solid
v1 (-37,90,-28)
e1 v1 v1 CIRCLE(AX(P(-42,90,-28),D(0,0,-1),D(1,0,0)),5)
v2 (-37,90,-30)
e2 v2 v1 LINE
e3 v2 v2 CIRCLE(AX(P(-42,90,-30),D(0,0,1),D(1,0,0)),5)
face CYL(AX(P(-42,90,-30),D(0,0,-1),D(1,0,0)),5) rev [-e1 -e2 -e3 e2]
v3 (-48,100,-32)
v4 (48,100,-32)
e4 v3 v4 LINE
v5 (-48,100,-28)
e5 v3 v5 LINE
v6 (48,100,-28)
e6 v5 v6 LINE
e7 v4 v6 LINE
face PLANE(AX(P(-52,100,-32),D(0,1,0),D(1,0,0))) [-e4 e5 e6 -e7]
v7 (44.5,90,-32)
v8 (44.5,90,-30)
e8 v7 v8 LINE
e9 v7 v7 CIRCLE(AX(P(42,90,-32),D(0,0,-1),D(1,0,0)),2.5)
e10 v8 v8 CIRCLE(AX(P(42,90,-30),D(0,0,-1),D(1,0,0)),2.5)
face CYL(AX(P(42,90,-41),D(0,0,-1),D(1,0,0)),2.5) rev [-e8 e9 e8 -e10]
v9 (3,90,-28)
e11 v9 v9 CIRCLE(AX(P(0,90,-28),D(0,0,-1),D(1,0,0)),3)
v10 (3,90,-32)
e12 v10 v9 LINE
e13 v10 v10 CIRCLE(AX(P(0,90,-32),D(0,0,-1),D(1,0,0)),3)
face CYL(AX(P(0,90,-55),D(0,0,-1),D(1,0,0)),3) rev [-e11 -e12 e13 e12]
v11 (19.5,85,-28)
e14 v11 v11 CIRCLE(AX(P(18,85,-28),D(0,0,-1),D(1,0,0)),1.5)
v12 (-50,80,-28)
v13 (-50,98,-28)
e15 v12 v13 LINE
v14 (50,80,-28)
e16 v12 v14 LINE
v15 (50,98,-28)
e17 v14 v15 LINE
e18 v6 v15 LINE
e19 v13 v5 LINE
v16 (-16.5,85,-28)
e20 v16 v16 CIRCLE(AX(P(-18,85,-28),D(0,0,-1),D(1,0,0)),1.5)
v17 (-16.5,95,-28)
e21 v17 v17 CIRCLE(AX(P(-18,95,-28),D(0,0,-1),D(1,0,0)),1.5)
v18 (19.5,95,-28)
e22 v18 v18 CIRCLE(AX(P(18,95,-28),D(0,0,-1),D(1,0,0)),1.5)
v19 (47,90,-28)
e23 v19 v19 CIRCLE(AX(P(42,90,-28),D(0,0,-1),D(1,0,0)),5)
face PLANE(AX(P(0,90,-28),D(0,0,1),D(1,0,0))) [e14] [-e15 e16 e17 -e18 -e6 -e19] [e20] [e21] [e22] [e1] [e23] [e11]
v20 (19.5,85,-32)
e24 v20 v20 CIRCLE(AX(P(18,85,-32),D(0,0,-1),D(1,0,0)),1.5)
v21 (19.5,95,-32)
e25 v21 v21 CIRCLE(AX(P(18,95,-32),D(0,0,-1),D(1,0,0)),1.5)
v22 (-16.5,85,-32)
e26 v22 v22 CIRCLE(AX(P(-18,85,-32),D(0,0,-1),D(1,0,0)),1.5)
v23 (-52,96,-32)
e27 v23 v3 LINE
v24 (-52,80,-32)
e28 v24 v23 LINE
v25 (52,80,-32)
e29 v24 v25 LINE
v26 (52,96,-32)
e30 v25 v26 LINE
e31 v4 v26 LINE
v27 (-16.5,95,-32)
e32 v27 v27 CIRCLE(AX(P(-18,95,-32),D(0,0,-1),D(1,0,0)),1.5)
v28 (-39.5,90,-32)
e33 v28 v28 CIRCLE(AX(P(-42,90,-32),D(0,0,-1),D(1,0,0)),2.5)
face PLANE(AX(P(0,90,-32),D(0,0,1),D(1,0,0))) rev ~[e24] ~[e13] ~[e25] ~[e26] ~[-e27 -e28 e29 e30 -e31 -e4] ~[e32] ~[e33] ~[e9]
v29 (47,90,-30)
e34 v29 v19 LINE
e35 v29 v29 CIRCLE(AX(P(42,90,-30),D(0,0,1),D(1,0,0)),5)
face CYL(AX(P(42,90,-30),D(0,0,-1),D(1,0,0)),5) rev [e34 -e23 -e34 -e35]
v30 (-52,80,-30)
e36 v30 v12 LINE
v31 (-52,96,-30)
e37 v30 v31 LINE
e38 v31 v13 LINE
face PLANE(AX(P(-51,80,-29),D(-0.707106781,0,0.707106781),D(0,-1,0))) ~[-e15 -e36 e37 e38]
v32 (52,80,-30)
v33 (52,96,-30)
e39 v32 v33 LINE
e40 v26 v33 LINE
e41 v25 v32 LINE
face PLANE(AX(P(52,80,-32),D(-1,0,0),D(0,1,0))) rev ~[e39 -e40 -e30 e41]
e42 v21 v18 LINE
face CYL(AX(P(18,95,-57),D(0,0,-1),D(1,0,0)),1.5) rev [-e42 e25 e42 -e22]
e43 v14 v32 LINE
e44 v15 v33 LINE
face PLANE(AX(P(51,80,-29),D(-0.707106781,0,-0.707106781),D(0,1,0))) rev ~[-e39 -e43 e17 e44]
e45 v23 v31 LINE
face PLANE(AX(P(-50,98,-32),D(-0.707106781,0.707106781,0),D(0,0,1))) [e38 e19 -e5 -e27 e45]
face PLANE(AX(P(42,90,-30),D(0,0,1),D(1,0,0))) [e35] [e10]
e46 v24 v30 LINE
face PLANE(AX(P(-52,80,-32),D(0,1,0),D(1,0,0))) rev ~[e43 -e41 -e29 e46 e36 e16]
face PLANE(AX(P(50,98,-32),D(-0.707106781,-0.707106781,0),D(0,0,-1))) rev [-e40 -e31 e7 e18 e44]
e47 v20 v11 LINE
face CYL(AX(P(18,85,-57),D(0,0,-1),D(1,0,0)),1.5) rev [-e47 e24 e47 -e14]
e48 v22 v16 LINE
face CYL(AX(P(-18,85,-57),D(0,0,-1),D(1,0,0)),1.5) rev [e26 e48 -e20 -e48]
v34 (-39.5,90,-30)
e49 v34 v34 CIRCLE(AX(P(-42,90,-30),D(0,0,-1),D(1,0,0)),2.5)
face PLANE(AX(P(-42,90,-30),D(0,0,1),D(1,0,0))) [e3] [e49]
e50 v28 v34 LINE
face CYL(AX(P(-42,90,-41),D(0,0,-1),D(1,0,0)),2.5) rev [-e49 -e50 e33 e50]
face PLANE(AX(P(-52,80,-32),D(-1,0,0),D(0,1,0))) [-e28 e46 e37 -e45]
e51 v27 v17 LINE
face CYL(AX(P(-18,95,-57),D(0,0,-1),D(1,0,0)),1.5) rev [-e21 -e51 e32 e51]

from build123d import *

# Parameters (mm, degrees)
CYLINDER1716_R     = 2.5
CYLINDER1716_DEPTH = 20
CYLINDER1717_R     = 2.5
CYLINDER1717_DEPTH = 20
CYLINDER1715_R     = 5
CYLINDER1715_DEPTH = 5
CYLINDER1718_R     = 5
CYLINDER1718_DEPTH = 5
CYLINDER1711_R     = 1.5
CYLINDER1711_DEPTH = 60
CYLINDER1712_R     = 1.5
CYLINDER1712_DEPTH = 60
CYLINDER1713_R     = 1.5
CYLINDER1713_DEPTH = 60
CYLINDER1714_R     = 1.5
CYLINDER1714_DEPTH = 60
CYLINDER1701_R     = 3
CYLINDER1701_DEPTH = 48
BOX659_W           = 104
BOX659_H           = 20
BOX659_DEPTH       = 4
CHAMFER057_SIZE    = 4
CHAMFER058_SIZE    = 2


with BuildPart() as v_lec1716:
    # Cylinder1716 → Cylinder1716 (new body)
    with BuildSketch(Plane(origin=(-42, 90, -59), x_dir=(1, 0, 0), z_dir=(0, 0, 1))):
        Circle(CYLINDER1716_R)
    extrude(amount=CYLINDER1716_DEPTH)


with BuildPart() as compound845:
    # Cylinder1717 → Cylinder1717 (new body)
    with BuildSketch(Plane(origin=(42, 90, -59), x_dir=(1, 0, 0), z_dir=(0, 0, 1))):
        Circle(CYLINDER1717_R)
    extrude(amount=CYLINDER1717_DEPTH)

    # Compound845: union Válec1716
    add(v_lec1716.part)


with BuildPart() as compound845_1:
    # Compound845 placement: moved
    add(compound845.part.moved(Location((0, 0, 18))))


with BuildPart() as v_lec1715:
    # Cylinder1715 → Cylinder1715 (new body)
    with BuildSketch(Plane(origin=(-42, 90, -59), x_dir=(1, 0, 0), z_dir=(0, 0, 1))):
        Circle(CYLINDER1715_R)
    extrude(amount=CYLINDER1715_DEPTH)


with BuildPart() as compound844:
    # Cylinder1718 → Cylinder1718 (new body)
    with BuildSketch(Plane(origin=(42, 90, -59), x_dir=(1, 0, 0), z_dir=(0, 0, 1))):
        Circle(CYLINDER1718_R)
    extrude(amount=CYLINDER1718_DEPTH)

    # Compound844: union Válec1715
    add(v_lec1715.part)


with BuildPart() as compound844_1:
    # Compound844 placement: moved
    add(compound844.part.moved(Location((0, 0, 29))))


with BuildPart() as v_lec1711:
    # Cylinder1711 → Cylinder1711 (new body)
    with BuildSketch(Plane(origin=(18, 85, -57), x_dir=(1, 0, 0), z_dir=(0, 0, 1))):
        Circle(CYLINDER1711_R)
    extrude(amount=CYLINDER1711_DEPTH)


with BuildPart() as v_lec1712:
    # Cylinder1712 → Cylinder1712 (new body)
    with BuildSketch(Plane(origin=(-18, 85, -57), x_dir=(1, 0, 0), z_dir=(0, 0, 1))):
        Circle(CYLINDER1712_R)
    extrude(amount=CYLINDER1712_DEPTH)


with BuildPart() as v_lec1713:
    # Cylinder1713 → Cylinder1713 (new body)
    with BuildSketch(Plane(origin=(-18, 95, -57), x_dir=(1, 0, 0), z_dir=(0, 0, 1))):
        Circle(CYLINDER1713_R)
    extrude(amount=CYLINDER1713_DEPTH)


with BuildPart() as compound847:
    # Cylinder1714 → Cylinder1714 (new body)
    with BuildSketch(Plane(origin=(18, 95, -57), x_dir=(1, 0, 0), z_dir=(0, 0, 1))):
        Circle(CYLINDER1714_R)
    extrude(amount=CYLINDER1714_DEPTH)

    # Compound847: union Válec1711, Válec1712, Válec1713
    add(v_lec1711.part)
    add(v_lec1712.part)
    add(v_lec1713.part)


with BuildPart() as v_lec1701:
    # Cylinder1701 → Cylinder1701 (new body)
    with BuildSketch(Plane(origin=(0, 90, -55), x_dir=(1, 0, 0), z_dir=(0, 0, 1))):
        Circle(CYLINDER1701_R)
    extrude(amount=CYLINDER1701_DEPTH)


with BuildPart() as chamfer058:
    # Box659 → Box659 (new body)
    with BuildSketch(Plane(origin=(-52, 80, -32), x_dir=(1, 0, 0), z_dir=(0, 0, 1))):
        with Locations((52, 10)):
            Rectangle(BOX659_W, BOX659_H)
    extrude(amount=BOX659_DEPTH)

    # Cut345: cut Válec1701
    add(v_lec1701.part, mode=Mode.SUBTRACT)

    # Cut351: cut Compound847
    add(compound847.part, mode=Mode.SUBTRACT)

    # Cut353: cut Compound844
    add(compound844_1.part, mode=Mode.SUBTRACT)

    # Cut350: cut Compound845
    add(compound845_1.part, mode=Mode.SUBTRACT)

    # Chamfer057
    chamfer057_edges = [chamfer058.edges().sort_by_distance(p)[0] for p in [
        (-52, 100, -30),
        (52, 100, -30),
    ]]
    chamfer(chamfer057_edges, length=CHAMFER057_SIZE)

    # Chamfer058
    chamfer058_edges = [chamfer058.edges().sort_by_distance(p)[0] for p in [
        (-52, 88, -28),
        (52, 88, -28),
    ]]
    chamfer(chamfer058_edges, length=CHAMFER058_SIZE)


solid = chamfer058.part
